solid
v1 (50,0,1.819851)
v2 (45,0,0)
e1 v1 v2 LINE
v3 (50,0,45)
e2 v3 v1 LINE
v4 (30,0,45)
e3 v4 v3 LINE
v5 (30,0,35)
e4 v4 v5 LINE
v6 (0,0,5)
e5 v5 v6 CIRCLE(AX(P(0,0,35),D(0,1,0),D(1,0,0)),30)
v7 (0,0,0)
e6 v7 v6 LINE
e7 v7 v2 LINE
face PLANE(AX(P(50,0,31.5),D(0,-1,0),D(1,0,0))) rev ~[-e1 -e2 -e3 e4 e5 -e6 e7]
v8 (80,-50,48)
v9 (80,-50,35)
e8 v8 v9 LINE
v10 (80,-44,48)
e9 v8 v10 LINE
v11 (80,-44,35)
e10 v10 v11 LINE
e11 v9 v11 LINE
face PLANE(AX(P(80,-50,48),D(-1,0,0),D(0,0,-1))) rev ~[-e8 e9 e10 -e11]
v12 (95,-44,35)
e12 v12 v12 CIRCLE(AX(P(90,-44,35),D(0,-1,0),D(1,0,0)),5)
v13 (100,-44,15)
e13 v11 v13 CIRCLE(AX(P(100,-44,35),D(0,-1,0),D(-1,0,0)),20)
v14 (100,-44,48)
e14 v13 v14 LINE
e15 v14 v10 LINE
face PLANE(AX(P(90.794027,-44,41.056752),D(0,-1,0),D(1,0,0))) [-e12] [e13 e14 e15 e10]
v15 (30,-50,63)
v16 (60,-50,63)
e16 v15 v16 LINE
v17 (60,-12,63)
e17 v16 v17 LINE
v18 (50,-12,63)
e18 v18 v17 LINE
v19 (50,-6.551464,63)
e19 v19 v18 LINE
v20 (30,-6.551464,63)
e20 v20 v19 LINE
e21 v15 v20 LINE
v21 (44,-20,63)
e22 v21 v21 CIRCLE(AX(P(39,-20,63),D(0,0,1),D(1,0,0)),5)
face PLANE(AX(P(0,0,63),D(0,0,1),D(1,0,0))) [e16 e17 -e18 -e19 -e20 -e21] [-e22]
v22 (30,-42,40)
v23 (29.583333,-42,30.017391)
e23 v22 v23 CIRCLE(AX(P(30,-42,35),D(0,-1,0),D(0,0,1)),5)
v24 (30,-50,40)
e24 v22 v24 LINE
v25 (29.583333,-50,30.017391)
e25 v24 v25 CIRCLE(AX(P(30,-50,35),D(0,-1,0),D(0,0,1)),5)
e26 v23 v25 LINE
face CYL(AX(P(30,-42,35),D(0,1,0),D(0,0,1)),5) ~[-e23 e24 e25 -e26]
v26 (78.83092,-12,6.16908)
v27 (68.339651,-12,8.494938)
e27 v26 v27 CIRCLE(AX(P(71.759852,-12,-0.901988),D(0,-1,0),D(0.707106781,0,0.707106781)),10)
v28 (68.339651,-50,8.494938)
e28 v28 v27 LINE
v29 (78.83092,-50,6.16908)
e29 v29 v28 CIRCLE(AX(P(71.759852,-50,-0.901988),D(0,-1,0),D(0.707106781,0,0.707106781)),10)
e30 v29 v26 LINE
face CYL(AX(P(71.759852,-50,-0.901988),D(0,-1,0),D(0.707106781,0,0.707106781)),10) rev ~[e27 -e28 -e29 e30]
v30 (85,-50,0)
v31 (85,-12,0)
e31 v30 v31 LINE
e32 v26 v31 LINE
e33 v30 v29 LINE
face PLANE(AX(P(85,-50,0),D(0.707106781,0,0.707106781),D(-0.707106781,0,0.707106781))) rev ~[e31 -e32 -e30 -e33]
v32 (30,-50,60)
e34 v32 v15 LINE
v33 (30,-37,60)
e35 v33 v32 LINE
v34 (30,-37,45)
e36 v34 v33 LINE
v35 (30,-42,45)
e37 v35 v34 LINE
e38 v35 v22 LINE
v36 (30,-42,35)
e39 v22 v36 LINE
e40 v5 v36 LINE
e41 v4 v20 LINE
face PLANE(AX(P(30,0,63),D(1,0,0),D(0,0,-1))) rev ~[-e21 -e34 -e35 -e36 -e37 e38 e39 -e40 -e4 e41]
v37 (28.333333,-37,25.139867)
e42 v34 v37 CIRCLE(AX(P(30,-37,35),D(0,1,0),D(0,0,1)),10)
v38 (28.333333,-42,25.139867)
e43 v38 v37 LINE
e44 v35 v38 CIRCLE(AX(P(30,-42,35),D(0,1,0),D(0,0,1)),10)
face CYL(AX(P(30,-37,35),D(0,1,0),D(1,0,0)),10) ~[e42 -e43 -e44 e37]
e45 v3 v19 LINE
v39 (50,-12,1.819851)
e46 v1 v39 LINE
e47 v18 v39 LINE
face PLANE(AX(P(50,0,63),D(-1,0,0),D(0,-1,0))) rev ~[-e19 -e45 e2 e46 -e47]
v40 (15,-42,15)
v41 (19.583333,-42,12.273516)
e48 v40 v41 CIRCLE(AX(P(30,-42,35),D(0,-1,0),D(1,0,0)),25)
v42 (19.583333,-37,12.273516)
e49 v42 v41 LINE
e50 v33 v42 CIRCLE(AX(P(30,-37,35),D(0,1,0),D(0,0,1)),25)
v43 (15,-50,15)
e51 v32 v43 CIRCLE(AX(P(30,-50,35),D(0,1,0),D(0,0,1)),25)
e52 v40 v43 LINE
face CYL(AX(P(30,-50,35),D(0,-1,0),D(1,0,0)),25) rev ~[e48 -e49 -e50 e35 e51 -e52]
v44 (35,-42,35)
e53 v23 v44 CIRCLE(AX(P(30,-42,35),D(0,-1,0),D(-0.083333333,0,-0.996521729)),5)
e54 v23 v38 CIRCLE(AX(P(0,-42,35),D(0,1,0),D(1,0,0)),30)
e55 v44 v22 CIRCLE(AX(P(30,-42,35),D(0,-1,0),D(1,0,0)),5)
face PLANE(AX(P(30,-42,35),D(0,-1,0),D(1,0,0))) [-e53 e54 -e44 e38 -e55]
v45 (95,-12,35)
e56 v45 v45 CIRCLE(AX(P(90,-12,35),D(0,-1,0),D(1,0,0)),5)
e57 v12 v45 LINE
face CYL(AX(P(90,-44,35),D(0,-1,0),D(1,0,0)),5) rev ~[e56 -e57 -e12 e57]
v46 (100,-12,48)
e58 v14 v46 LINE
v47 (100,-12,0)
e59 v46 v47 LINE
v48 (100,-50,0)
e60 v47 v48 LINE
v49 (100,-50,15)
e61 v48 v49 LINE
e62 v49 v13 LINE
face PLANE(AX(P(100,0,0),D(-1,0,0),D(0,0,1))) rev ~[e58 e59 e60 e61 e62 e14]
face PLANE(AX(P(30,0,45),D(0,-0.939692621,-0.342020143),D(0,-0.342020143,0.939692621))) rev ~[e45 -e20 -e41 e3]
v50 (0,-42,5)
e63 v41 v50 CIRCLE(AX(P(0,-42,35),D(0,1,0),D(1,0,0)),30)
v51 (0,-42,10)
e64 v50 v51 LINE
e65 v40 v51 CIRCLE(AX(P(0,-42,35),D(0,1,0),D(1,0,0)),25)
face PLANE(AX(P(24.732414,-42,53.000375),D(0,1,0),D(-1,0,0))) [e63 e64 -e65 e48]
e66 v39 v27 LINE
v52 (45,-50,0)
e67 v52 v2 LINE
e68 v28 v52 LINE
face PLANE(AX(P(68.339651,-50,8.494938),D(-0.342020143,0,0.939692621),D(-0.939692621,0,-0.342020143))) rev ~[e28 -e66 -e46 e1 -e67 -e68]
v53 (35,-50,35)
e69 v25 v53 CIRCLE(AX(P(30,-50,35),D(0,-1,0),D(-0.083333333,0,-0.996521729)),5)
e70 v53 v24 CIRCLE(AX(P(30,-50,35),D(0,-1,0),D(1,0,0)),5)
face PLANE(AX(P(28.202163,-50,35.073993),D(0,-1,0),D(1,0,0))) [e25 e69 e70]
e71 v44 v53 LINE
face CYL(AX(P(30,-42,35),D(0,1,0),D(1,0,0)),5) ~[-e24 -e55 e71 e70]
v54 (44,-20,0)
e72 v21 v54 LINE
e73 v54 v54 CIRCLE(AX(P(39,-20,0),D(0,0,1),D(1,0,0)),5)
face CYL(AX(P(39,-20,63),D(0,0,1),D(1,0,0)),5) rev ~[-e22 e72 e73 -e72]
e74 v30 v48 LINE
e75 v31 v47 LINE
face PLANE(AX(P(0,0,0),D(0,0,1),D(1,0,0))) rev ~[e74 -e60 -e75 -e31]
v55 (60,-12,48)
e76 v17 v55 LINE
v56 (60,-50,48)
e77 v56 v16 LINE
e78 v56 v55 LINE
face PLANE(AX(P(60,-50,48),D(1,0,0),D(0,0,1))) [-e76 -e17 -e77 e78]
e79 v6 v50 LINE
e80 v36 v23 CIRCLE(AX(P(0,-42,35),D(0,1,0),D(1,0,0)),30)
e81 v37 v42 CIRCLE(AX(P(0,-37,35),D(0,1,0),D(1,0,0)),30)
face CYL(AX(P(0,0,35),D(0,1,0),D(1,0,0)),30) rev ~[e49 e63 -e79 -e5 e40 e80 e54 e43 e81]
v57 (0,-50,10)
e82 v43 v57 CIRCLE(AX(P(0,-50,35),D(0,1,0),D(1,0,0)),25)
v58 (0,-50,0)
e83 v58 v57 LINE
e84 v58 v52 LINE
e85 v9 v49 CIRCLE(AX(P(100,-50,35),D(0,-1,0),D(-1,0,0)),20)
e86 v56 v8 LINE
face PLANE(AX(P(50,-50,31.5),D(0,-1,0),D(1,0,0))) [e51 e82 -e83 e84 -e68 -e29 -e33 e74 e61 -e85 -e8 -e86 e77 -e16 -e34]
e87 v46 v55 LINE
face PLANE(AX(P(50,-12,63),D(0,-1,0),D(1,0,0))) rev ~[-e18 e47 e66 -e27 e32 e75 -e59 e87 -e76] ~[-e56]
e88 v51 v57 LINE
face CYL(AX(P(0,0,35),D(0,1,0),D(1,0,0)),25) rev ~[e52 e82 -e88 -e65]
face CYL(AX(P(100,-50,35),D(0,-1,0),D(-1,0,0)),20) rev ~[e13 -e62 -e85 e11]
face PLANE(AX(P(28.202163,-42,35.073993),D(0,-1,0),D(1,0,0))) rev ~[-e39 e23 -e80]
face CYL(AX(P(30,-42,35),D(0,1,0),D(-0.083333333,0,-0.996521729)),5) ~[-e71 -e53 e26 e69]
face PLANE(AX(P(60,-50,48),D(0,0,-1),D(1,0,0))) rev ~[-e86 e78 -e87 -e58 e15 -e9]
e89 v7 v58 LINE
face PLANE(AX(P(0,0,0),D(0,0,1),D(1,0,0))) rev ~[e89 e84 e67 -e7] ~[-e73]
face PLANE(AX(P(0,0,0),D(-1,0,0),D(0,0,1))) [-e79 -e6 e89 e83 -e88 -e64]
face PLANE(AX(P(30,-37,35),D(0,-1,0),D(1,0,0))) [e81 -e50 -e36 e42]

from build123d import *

# Parameters (mm, degrees)
F0_W      = 100
F0_H      = 63
F1_DEPTH  = 50
F2_W      = 40
F2_H      = 15
F3_DEPTH  = 50.001
F5_DEPTH  = 6
F6_R      = 5
F7_DEPTH  = 44.001
F8_R      = 25
F9_DEPTH  = 13
F10_R     = 10
F11_DEPTH = 5
F13_DEPTH = 42
F15_DEPTH = 50.001
F17_DEPTH = 8
F19_DEPTH = 63.001
F20_R     = 5
F21_DEPTH = 63.001
F23_DEPTH = 70.001


with BuildPart() as f1:
    # F0 (on Front) → F1 (new body)
    with BuildSketch(Plane.XZ):
        with Locations((50, 31.5)):
            Rectangle(F0_W, F0_H)
    extrude(amount=F1_DEPTH)

    # F2 (on face) → F3 (cut, through all)
    with BuildSketch(Plane.XZ.offset(50)):
        with Locations((80, 55.5)):
            Rectangle(F2_W, F2_H)
        with BuildLine():
            Line((45, 0), (85, 0))
            Line((85, 0), (78.8309201782, 6.1690798218))
            ThreePointArc((78.8309201782, 6.1690798218), (73.9242485057, 8.8609720811), (68.3396509331, 8.4949382178))
            Line((68.3396509331, 8.4949382178), (45, 0))
        make_face()
    extrude(amount=-F3_DEPTH, mode=Mode.SUBTRACT)

    # F4 (on face) → F5 (cut)
    with BuildSketch(Plane.XZ.offset(50)):
        with BuildLine():
            Line((100, 48), (84.8013158464, 48))
            ThreePointArc((84.8013158464, 48), (81.2386876382, 41.9291527956), (80, 35))
            Line((80, 35), (100, 35))
            Line((100, 35), (100, 48))
        make_face()
        with BuildLine():
            ThreePointArc((80, 35), (81.2386876382, 41.9291527956), (84.8013158464, 48))
            Line((84.8013158464, 48), (80, 48))
            Line((80, 48), (80, 35))
        make_face()
        with BuildLine():
            ThreePointArc((80, 35), (85.8578643763, 20.8578643763), (100, 15))
            Line((100, 15), (100, 35))
            Line((100, 35), (80, 35))
        make_face()
    extrude(amount=-F5_DEPTH, mode=Mode.SUBTRACT)

    # F6 (on face) → F7 (cut, through all)
    with BuildSketch(Plane.XZ.offset(44)):
        with Locations((90, 35)):
            Circle(F6_R)
    extrude(amount=-F7_DEPTH, mode=Mode.SUBTRACT)

    # F8 (on face) → F9 (cut)
    with BuildSketch(Plane.XZ.offset(50)):
        with Locations((30, 35)):
            Circle(F8_R)
    extrude(amount=-F9_DEPTH, mode=Mode.SUBTRACT)

    # F10 (on face) → F11 (join)
    with BuildSketch(Plane.XZ.offset(37)):
        with Locations((30, 35)):
            Circle(F10_R)
    extrude(amount=F11_DEPTH)

    # F12 (on face) → F13 (cut)
    with BuildSketch(Plane(origin=(0, 0, 0), x_dir=(-1, 0, 0), z_dir=(0, 1, 0))):
        with BuildLine():
            ThreePointArc((-30, 35), (-24.7296369608, 51.9836702684), (-10.7703296143, 63))
            Line((-10.7703296143, 63), (-30, 63))
            Line((-30, 63), (-30, 35))
        make_face()
        with BuildLine():
            Line((0, 63), (-10.7703296143, 63))
            ThreePointArc((-10.7703296143, 63), (-24.7296369608, 51.9836702684), (-30, 35))
            Line((-30, 35), (0, 35))
            Line((0, 35), (0, 63))
        make_face()
        with BuildLine():
            ThreePointArc((-30, 35), (-21.2132034356, 13.7867965644), (0, 5))
            Line((0, 5), (0, 35))
            Line((0, 35), (-30, 35))
        make_face()
    extrude(amount=-F13_DEPTH, mode=Mode.SUBTRACT)

    # F14 (on face) → F15 (cut, through all)
    with BuildSketch(Plane(origin=(0, 0, 0), x_dir=(-1, 0, 0), z_dir=(0, 1, 0))):
        with BuildLine():
            ThreePointArc((0, 10), (17.6776695297, 17.3223304703), (25, 35))
            ThreePointArc((25, 35), (17.6776695297, 52.6776695297), (0, 60))
            Line((0, 60), (0, 35))
            Line((0, 35), (0, 10))
        make_face()
        with BuildLine():
            Line((0, 35), (0, 60))
            ThreePointArc((0, 60), (-17.6776695297, 52.6776695297), (-25, 35))
            Line((-25, 35), (0, 35))
        make_face()
        with BuildLine():
            ThreePointArc((-25, 35), (-17.6776695297, 52.6776695297), (0, 60))
            Line((0, 60), (0, 63))
            Line((0, 63), (-30, 63))
            Line((-30, 63), (-30, 35))
            Line((-30, 35), (-25, 35))
        make_face()
        with BuildLine():
            ThreePointArc((-25, 35), (-17.6776695297, 17.3223304703), (0, 10))
            Line((0, 10), (0, 35))
            Line((0, 35), (-25, 35))
        make_face()
    extrude(amount=-F15_DEPTH, mode=Mode.SUBTRACT)

    # F16 (on face) → F17 (join, through all)
    with BuildSketch(Plane.XZ.offset(42)):
        with BuildLine():
            Line((30, 35), (30, 40))
            ThreePointArc((30, 40), (25.0043497313, 35.2085147299), (29.5833333333, 30.017391357))
            ThreePointArc((29.5833333333, 30.017391357), (29.8956518578, 32.5), (30, 35))
        make_face()
        with BuildLine():
            ThreePointArc((29.5833333333, 30.017391357), (33.3850160019, 31.320099639), (35, 35))
            ThreePointArc((35, 35), (33.5355339059, 38.5355339059), (30, 40))
            Line((30, 40), (30, 35))
            ThreePointArc((30, 35), (29.8956518578, 32.5), (29.5833333333, 30.017391357))
        make_face()
    extrude(amount=F17_DEPTH)

    # F18 (on face) → F19 (cut, through all)
    with BuildSketch(Plane.XY.offset(63)):
        Polygon((100, -12), (100, 0), (60, 0), (50, 0), (50, -12), align=None)
    extrude(amount=-F19_DEPTH, mode=Mode.SUBTRACT)

    # F20 (on face) → F21 (cut, through all)
    with BuildSketch(Plane.XY.offset(63)):
        with Locations((39, -20)):
            Circle(F20_R)
    extrude(amount=-F21_DEPTH, mode=Mode.SUBTRACT)

    # F22 (on face) → F23 (cut, through all)
    with BuildSketch(Plane(origin=(30, 0, 0), x_dir=(0, -1, 0), z_dir=(-1, 0, 0))):
        Polygon((6.5514642168, 63), (0, 63), (0, 45), align=None)
    extrude(amount=-F23_DEPTH, mode=Mode.SUBTRACT)


solid = f1.part
